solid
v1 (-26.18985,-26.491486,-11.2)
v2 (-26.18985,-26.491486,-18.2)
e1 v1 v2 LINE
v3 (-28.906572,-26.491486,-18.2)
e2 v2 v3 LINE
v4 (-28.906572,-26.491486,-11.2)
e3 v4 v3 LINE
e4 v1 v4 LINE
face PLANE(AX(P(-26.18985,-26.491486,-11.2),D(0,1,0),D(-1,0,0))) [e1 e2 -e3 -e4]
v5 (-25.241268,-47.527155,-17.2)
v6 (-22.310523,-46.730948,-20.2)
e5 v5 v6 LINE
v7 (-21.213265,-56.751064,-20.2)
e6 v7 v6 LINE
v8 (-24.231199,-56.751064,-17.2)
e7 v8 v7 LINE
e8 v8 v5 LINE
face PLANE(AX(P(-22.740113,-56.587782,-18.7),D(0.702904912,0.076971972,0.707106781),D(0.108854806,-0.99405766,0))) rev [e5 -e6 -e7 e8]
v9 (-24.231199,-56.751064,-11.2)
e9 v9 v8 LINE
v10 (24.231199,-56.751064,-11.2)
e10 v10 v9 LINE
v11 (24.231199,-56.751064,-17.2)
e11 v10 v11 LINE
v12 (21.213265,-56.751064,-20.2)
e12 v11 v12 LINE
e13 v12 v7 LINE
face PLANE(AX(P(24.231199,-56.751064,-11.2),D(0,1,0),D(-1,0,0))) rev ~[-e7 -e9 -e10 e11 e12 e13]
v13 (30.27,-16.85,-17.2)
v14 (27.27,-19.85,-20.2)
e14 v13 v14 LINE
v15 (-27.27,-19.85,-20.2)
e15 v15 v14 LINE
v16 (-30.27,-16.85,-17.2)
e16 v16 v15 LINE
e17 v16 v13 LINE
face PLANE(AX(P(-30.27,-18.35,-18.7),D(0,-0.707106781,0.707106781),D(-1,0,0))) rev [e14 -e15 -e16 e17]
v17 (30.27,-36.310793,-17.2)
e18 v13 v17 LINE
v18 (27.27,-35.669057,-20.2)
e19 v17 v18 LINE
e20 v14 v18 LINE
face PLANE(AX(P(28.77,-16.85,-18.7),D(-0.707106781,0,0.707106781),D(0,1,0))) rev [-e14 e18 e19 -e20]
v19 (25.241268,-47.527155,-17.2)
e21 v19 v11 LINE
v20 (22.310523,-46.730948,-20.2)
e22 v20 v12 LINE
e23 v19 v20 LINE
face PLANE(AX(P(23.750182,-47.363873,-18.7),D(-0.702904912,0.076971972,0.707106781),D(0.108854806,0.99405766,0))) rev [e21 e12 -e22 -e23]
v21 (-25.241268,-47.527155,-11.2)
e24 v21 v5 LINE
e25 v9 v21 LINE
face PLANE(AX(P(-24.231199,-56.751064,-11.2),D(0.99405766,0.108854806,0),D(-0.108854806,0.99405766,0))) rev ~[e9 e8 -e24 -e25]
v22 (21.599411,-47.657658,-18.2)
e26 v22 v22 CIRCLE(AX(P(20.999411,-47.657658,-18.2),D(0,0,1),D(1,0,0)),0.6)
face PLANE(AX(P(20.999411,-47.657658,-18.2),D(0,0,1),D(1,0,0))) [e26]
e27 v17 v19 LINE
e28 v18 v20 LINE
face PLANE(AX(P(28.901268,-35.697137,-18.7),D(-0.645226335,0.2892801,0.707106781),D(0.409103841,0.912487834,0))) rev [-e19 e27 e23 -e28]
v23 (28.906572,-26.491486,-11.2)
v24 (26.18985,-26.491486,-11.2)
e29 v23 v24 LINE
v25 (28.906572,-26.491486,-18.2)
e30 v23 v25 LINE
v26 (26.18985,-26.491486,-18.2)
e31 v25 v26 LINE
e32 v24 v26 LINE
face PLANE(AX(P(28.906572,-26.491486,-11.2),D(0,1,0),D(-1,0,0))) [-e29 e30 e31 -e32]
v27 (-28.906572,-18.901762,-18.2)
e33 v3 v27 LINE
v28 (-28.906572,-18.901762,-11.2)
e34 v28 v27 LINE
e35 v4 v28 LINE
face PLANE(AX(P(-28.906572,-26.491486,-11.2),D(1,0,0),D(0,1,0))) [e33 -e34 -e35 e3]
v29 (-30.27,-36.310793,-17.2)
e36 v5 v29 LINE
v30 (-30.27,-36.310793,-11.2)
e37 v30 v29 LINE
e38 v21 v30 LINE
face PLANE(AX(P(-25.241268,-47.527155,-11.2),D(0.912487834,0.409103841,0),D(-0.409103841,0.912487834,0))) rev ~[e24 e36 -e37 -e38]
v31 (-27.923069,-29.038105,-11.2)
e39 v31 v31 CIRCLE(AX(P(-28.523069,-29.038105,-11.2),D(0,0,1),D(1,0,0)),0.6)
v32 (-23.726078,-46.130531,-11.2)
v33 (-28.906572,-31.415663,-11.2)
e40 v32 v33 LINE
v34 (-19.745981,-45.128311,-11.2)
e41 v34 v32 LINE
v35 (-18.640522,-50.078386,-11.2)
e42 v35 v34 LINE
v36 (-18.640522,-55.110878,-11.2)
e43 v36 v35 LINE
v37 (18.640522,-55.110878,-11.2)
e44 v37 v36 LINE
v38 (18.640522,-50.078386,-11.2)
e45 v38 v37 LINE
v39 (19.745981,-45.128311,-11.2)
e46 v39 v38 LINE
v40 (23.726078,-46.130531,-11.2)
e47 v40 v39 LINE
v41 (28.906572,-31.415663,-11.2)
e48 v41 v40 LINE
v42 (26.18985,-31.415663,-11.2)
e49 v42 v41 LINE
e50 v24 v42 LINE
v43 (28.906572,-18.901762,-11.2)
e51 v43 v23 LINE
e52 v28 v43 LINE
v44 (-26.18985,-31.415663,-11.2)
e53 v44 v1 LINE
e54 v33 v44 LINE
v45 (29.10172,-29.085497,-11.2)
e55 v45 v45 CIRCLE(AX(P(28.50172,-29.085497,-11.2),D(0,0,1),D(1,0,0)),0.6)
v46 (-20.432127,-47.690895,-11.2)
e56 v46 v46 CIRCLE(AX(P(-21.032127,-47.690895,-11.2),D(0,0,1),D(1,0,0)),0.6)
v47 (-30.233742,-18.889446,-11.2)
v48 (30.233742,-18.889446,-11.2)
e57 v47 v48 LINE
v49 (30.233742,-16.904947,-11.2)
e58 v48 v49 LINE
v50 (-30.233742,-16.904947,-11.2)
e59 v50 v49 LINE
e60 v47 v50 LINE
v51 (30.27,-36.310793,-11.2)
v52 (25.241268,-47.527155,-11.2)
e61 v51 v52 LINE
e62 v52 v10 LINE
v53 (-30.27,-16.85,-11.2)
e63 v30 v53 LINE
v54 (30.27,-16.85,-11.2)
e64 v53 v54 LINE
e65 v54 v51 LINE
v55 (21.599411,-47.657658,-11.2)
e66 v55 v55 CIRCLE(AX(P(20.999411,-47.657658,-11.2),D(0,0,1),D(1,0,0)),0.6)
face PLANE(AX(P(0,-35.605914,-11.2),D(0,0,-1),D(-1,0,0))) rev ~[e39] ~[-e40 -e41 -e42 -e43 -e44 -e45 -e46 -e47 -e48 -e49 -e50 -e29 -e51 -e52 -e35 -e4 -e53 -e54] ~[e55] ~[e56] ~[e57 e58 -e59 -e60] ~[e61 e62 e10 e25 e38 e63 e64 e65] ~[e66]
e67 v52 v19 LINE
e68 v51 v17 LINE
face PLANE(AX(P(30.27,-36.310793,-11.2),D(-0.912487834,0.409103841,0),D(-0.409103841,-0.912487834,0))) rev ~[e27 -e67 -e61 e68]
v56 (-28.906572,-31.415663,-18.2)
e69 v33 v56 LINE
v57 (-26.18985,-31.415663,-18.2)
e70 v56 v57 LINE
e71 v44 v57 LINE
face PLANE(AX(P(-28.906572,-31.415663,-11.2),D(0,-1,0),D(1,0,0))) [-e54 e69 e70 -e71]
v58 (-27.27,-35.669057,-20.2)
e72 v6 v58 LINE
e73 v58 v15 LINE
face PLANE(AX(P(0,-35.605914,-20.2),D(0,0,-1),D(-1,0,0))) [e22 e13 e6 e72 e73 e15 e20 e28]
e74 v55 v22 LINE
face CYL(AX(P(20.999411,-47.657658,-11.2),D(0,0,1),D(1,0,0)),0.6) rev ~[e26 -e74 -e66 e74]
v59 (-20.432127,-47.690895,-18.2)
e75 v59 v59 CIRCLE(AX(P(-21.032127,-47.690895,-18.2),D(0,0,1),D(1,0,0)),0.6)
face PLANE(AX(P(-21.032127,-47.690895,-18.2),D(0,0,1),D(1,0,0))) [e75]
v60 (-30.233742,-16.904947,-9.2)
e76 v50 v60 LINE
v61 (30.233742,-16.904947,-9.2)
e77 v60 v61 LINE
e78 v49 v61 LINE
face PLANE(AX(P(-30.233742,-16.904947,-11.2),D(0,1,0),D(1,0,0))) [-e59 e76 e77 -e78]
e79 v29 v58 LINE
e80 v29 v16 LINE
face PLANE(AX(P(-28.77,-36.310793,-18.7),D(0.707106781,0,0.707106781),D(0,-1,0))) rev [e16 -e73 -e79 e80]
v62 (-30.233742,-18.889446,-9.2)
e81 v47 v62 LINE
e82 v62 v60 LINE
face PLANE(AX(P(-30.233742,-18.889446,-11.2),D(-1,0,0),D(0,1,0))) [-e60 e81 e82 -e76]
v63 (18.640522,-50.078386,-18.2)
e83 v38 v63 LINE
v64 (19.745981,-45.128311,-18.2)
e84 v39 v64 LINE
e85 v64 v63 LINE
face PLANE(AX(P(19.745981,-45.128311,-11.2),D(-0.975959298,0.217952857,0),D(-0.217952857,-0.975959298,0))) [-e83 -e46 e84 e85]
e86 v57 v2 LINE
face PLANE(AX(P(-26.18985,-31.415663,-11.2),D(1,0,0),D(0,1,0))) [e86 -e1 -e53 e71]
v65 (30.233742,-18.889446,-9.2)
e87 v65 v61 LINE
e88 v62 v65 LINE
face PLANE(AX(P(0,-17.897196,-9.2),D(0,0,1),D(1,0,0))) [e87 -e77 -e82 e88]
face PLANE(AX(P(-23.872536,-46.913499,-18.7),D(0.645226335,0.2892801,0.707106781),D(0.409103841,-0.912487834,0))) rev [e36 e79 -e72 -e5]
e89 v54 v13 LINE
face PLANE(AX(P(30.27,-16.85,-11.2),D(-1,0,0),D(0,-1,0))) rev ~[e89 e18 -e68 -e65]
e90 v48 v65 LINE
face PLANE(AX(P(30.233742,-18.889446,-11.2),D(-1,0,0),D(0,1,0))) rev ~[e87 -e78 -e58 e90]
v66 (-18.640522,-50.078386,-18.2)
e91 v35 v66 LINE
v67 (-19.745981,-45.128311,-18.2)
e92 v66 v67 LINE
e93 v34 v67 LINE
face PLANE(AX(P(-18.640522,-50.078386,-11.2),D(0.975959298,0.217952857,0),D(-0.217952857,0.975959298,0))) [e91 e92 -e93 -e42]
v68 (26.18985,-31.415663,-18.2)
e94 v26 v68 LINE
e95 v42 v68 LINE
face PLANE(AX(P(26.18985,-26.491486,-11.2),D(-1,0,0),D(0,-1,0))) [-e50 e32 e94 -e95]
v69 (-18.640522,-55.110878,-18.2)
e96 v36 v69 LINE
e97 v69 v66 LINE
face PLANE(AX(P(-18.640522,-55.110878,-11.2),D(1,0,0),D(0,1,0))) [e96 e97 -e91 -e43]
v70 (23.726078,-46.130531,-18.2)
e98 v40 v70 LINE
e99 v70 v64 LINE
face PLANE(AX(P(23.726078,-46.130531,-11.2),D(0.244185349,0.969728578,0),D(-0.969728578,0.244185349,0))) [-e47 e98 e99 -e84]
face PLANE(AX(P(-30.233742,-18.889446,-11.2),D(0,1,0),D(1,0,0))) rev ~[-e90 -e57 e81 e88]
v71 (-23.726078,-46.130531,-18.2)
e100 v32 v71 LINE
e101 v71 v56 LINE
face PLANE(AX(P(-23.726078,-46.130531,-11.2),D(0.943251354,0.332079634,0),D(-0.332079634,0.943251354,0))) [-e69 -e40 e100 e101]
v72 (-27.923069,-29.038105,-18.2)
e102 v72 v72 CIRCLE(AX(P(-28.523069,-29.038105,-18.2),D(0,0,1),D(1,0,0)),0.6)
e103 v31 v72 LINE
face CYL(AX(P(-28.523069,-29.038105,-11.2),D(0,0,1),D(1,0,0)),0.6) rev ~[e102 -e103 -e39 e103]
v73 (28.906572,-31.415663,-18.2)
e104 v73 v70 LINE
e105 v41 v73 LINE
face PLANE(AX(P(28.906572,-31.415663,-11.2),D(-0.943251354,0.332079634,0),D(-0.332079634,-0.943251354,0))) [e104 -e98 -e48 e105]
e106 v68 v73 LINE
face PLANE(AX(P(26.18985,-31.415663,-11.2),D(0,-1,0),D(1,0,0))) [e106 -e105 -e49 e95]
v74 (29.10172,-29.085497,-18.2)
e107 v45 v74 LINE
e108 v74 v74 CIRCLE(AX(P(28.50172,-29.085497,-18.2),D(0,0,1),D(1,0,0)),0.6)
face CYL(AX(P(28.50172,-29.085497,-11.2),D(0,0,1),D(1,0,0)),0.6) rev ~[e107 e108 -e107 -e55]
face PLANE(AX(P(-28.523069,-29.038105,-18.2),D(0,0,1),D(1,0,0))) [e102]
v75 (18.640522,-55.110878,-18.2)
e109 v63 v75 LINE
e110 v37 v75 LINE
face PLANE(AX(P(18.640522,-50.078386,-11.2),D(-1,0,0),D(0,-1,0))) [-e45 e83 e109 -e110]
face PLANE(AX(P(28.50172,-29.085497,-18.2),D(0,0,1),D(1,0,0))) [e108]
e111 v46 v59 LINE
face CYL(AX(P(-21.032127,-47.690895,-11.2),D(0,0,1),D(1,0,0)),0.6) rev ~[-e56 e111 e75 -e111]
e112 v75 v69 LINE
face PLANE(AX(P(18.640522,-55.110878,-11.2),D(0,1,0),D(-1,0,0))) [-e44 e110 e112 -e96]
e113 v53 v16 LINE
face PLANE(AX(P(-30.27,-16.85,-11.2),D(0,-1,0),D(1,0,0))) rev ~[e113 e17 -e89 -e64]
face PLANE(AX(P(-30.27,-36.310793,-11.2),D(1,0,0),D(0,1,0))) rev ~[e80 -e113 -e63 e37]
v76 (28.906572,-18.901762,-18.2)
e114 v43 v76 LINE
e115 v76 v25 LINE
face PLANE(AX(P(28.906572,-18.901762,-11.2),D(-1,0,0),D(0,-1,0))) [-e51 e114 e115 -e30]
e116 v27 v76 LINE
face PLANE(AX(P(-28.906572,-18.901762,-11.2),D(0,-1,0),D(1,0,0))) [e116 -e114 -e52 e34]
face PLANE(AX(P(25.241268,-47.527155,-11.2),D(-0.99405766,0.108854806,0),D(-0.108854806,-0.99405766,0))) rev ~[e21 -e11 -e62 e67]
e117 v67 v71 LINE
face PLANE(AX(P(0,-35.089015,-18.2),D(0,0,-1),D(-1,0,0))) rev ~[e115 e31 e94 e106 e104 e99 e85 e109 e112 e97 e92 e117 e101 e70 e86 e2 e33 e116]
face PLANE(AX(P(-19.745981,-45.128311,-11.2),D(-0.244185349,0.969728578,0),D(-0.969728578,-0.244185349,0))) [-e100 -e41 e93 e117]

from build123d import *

# Parameters (mm, degrees)
PAD046_DEPTH    = 9
CHAMFER016_SIZE = 3
SKETCH088_R     = 0.6
POCKET040_DEPTH = 7
SKETCH089_W     = 60.467484
SKETCH089_H     = 1.984499
PAD047_DEPTH    = 2


with BuildPart() as part:
    # Sketch085 → Pad046 (new body)
    with BuildSketch(Plane.XY.offset(-11)):
        Polygon((-30.27, -16.85), (30.27, -16.85), (30.27, -36.310793), (25.241268, -47.527155), (24.231199, -56.751064), (-24.231199, -56.751064), (-25.241268, -47.527155), (-30.27, -36.310793), align=None)
    extrude(amount=-PAD046_DEPTH)

    # Chamfer016
    chamfer016_edges = [part.edges().sort_by_distance(p)[0] for p in [
        (24.736234, -52.139109, -20),
        (27.755634, -41.918974, -20),
        (30.27, -26.580397, -20),
        (0, -16.85, -20),
        (-30.27, -26.580397, -20),
        (-27.755634, -41.918974, -20),
        (-24.736234, -52.139109, -20),
    ]]
    chamfer(chamfer016_edges, length=CHAMFER016_SIZE)

    # Sketch088 (on Face4 of Chamfer016) → Pocket040 (cut)
    with BuildSketch(Plane.XY.offset(-11)):
        with Locations((-28.523069, -29.038105)):
            Circle(SKETCH088_R)
        with Locations((28.50172, -29.085497)):
            Circle(SKETCH088_R)
        with Locations((20.999411, -47.657658)):
            Circle(SKETCH088_R)
        with Locations((-21.032127, -47.690895)):
            Circle(SKETCH088_R)
        Polygon((-28.906572, -18.901762), (28.906572, -18.901762), (28.906572, -26.491486), (26.18985, -26.491486), (26.18985, -31.415663), (28.906572, -31.415663), (23.726078, -46.130531), (19.745981, -45.128311), (18.640522, -50.078386), (18.640522, -55.110878), (-18.640522, -55.110878), (-18.640522, -50.078386), (-19.745981, -45.128311), (-23.726078, -46.130531), (-28.906572, -31.415663), (-26.18985, -31.415663), (-26.18985, -26.491486), (-28.906572, -26.491486), align=None)
    extrude(amount=-POCKET040_DEPTH, mode=Mode.SUBTRACT)

    # Sketch089 (on Face4 of Pocket040) → Pad047 (join)
    with BuildSketch(Plane.XY.offset(-11)):
        with Locations((0, -17.897196)):
            Rectangle(SKETCH089_W, SKETCH089_H)
    extrude(amount=PAD047_DEPTH)


with BuildPart() as part_1:
    # Body009 placement: moved
    add(part.part.moved(Location((0, 0, -0.2))))


solid = part_1.part
